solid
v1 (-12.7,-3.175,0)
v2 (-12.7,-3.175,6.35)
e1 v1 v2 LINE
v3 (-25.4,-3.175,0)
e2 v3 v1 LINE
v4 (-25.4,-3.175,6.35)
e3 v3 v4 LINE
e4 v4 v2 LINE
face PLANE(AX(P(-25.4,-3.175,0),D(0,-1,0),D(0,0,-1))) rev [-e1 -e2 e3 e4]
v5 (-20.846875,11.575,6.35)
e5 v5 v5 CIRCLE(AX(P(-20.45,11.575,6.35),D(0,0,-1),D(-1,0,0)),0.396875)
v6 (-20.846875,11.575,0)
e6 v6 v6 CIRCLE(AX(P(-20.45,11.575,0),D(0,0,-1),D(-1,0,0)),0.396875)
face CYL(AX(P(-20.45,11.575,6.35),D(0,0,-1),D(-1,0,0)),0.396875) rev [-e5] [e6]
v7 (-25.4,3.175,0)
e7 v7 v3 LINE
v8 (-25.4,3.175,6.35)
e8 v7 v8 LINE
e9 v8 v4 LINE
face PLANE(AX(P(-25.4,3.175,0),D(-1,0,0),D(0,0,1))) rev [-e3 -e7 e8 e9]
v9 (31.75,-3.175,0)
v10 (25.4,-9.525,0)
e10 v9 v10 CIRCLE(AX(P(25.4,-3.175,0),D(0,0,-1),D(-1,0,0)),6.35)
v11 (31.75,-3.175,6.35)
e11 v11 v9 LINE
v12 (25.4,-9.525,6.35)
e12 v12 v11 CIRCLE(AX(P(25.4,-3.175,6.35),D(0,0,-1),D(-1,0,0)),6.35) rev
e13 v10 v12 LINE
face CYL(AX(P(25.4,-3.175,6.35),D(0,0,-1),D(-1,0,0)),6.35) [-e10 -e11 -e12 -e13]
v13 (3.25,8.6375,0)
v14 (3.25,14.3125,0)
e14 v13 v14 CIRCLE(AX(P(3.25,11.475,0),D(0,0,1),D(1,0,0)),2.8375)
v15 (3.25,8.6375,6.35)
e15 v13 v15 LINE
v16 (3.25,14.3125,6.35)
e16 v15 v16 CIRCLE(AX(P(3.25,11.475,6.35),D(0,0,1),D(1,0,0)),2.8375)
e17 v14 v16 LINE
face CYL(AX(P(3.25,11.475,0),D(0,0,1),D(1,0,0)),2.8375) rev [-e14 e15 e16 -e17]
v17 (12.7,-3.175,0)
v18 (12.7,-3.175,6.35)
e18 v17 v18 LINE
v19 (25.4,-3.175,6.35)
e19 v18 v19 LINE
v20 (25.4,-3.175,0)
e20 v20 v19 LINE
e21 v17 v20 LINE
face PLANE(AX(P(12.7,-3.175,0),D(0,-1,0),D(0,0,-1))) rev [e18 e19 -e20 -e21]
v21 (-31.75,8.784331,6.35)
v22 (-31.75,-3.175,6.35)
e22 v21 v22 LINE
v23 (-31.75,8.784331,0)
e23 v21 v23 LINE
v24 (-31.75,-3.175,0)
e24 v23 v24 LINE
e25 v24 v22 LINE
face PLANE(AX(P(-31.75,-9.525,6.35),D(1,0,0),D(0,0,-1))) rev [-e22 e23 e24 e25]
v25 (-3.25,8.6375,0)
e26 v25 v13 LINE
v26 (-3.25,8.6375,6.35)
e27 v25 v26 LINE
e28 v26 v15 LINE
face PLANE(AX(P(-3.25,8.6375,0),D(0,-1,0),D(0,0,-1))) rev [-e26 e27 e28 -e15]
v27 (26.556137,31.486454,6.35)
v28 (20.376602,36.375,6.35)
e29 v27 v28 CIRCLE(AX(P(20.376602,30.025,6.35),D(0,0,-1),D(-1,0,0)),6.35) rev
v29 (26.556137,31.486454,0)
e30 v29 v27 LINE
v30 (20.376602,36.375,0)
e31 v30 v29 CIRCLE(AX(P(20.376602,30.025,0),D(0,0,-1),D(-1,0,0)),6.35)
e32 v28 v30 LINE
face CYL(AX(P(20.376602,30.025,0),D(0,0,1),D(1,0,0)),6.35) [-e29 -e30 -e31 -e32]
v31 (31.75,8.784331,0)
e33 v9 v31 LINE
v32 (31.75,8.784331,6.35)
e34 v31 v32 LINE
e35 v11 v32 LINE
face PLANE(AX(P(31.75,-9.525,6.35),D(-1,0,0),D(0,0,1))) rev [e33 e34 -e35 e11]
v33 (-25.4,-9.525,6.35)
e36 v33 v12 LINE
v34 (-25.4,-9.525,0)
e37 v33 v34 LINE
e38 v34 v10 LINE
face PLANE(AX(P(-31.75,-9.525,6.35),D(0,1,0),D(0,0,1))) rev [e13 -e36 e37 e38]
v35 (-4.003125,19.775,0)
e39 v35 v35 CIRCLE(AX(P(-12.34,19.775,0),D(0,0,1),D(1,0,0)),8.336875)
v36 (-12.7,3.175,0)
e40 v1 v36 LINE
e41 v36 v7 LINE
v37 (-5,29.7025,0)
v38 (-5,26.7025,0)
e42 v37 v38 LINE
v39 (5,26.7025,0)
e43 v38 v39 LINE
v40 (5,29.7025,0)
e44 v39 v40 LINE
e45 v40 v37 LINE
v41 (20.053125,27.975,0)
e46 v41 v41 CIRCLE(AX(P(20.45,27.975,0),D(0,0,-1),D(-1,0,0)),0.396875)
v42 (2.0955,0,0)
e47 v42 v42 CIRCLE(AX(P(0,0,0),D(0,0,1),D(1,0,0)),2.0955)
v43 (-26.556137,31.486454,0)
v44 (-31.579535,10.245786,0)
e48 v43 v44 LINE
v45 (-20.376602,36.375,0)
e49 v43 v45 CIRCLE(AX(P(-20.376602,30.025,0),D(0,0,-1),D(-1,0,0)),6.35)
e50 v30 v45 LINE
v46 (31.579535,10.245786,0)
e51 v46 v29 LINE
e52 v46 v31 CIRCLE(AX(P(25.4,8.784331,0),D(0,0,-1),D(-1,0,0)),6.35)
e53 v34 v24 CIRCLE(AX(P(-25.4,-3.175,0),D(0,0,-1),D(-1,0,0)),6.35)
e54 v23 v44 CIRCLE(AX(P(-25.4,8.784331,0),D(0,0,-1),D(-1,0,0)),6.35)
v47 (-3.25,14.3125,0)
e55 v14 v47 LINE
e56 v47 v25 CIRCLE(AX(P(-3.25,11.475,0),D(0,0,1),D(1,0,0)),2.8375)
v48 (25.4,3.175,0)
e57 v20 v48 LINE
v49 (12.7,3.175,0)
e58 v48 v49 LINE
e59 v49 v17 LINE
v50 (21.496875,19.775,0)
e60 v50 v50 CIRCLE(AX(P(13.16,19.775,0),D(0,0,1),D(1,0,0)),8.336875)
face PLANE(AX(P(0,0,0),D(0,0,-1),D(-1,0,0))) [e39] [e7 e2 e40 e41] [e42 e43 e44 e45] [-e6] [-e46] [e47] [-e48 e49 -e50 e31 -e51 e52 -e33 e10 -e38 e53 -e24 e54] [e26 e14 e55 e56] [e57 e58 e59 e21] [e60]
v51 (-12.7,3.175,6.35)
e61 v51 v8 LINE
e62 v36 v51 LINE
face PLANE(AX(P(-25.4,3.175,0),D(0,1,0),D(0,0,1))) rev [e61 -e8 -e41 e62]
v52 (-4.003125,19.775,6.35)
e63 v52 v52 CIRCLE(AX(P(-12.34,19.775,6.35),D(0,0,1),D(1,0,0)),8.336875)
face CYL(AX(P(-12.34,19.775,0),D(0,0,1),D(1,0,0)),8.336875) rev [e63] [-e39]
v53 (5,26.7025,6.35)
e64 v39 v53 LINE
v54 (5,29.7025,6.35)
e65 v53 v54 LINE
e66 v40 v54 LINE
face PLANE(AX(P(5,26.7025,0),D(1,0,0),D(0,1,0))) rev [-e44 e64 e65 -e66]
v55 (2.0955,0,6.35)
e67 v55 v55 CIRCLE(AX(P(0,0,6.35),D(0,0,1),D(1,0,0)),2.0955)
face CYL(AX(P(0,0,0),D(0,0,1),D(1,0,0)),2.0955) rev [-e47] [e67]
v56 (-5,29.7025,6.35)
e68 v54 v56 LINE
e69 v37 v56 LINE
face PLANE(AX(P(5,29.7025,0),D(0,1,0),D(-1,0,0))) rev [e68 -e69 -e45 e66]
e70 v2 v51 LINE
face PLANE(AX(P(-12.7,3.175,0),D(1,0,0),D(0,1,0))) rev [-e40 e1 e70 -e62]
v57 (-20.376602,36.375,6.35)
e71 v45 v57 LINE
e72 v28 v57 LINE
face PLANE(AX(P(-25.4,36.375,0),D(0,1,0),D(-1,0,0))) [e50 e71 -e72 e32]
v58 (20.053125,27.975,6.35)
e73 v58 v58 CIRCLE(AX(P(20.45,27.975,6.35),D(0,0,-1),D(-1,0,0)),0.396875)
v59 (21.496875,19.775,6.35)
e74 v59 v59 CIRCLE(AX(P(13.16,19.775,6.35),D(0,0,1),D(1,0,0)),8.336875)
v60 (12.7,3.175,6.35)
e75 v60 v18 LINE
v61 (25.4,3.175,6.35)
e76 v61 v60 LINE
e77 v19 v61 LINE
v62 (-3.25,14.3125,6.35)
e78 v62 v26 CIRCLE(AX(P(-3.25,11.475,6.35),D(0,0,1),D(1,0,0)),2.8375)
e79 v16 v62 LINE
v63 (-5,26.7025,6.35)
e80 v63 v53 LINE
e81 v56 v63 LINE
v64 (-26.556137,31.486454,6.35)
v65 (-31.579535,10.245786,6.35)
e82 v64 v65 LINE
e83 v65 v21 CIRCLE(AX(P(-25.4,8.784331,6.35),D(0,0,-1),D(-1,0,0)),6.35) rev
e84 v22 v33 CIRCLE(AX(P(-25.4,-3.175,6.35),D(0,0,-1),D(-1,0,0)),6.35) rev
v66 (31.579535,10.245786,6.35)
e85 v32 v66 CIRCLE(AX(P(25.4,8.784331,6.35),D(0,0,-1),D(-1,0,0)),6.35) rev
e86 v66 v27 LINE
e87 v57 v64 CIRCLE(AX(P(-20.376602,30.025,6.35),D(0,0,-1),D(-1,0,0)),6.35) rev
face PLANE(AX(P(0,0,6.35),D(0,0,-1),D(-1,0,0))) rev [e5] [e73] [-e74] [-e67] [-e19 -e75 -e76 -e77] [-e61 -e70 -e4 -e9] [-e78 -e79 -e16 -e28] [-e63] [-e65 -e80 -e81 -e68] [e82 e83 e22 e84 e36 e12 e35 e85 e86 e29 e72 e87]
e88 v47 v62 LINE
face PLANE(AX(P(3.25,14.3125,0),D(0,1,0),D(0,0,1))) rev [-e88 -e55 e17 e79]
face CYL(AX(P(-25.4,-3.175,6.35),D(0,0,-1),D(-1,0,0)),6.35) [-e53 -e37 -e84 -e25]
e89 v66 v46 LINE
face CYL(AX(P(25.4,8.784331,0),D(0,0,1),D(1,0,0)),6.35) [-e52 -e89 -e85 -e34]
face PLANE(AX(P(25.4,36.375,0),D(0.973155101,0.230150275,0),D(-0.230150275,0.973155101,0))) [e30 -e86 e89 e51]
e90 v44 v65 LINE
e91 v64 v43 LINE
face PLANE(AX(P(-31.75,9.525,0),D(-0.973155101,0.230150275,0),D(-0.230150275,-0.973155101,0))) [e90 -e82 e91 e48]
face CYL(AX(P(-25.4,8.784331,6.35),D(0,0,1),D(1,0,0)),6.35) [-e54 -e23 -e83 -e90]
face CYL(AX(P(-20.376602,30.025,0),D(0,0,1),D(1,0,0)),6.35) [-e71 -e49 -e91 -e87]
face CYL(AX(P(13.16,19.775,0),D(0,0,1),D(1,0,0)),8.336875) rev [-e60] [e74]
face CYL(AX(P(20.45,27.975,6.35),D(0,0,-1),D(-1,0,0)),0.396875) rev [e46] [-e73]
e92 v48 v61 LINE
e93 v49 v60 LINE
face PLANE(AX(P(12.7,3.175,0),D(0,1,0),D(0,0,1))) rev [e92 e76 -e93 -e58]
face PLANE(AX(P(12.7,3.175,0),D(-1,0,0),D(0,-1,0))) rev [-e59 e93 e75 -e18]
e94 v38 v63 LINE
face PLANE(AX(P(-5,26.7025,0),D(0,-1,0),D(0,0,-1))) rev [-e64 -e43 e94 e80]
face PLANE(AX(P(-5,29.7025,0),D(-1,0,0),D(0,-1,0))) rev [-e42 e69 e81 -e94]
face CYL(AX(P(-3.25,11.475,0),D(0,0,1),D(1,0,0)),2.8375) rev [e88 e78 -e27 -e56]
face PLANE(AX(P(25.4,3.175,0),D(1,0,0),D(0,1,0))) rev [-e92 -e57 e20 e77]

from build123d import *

# Parameters (mm, degrees)
SKETCH1_W           = 63.5
SKETCH1_H           = 19.05
BOSS_EXTRUDE1_DEPTH = 6.35
SKETCH2_R           = 2.0955
SKETCH2_W           = 12.7
SKETCH2_H           = 6.35
CUT_EXTRUDE1_DEPTH  = 6.35
BOSS_EXTRUDE2_DEPTH = 6.35
SKETCH4_W           = 10
SKETCH4_H           = 3
CUT_EXTRUDE2_DEPTH  = 6.35
SKETCH5_R           = 8.336875
CUT_EXTRUDE3_DEPTH  = 6.35
SKETCH6_R           = 0.396875
CUT_EXTRUDE4_DEPTH  = 6.35
FILLET1_R           = 6.35


with BuildPart() as part:
    # Sketch1 → Boss-Extrude1 (new body)
    with BuildSketch(Plane.XY):
        Rectangle(SKETCH1_W, SKETCH1_H)
    extrude(amount=BOSS_EXTRUDE1_DEPTH)

    # Sketch2 → Cut-Extrude1 (cut)
    with BuildSketch(Plane.XY.offset(6.35)):
        Circle(SKETCH2_R)
        with Locations((-19.05, 0)):
            Rectangle(SKETCH2_W, SKETCH2_H)
        with Locations((19.05, 0)):
            Rectangle(SKETCH2_W, SKETCH2_H)
    extrude(amount=-CUT_EXTRUDE1_DEPTH, mode=Mode.SUBTRACT)

    # Sketch3 → Boss-Extrude2 (add)
    with BuildSketch(Plane.XY.offset(6.35)):
        Polygon((-31.75, 9.525), (-25.4, 36.375), (25.4, 36.375), (31.75, 9.525), align=None)
    extrude(amount=-BOSS_EXTRUDE2_DEPTH)

    # Sketch4 → Cut-Extrude2 (cut)
    with BuildSketch(Plane.XY.offset(6.35)):
        with BuildLine():
            Line((-3.25, 8.6375), (3.25, 8.6375))
            ThreePointArc((3.25, 8.6375), (6.0875, 11.475), (3.25, 14.3125))
            Line((3.25, 14.3125), (-3.25, 14.3125))
            ThreePointArc((-3.25, 14.3125), (-6.0875, 11.475), (-3.25, 8.6375))
        make_face()
        with Locations((0, 28.2025)):
            Rectangle(SKETCH4_W, SKETCH4_H)
    extrude(amount=-CUT_EXTRUDE2_DEPTH, mode=Mode.SUBTRACT)

    # Sketch5 → Cut-Extrude3 (cut)
    with BuildSketch(Plane.XY.offset(6.35)):
        with Locations((-12.34, 19.775)):
            Circle(SKETCH5_R)
        with Locations((13.16, 19.775)):
            Circle(SKETCH5_R)
    extrude(amount=-CUT_EXTRUDE3_DEPTH, mode=Mode.SUBTRACT)

    # Sketch6 → Cut-Extrude4 (cut)
    with BuildSketch(Plane(origin=(0, 0, 0), x_dir=(-1, 0, 0), z_dir=(0, 0, -1))):
        with Locations((20.45, 11.575)):
            Circle(SKETCH6_R)
        with Locations((-20.45, 27.975)):
            Circle(SKETCH6_R)
    extrude(amount=-CUT_EXTRUDE4_DEPTH, mode=Mode.SUBTRACT)

    # Fillet1
    fillet1_edges = [part.edges().sort_by_distance(p)[0] for p in [
        (-25.4, 36.375, 3.175),
        (25.4, 36.375, 3.175),
        (31.75, -9.525, 3.175),
        (-31.75, -9.525, 3.175),
        (-31.75, 9.525, 3.175),
        (31.75, 9.525, 3.175),
    ]]
    fillet(fillet1_edges, radius=FILLET1_R)


solid = part.part
